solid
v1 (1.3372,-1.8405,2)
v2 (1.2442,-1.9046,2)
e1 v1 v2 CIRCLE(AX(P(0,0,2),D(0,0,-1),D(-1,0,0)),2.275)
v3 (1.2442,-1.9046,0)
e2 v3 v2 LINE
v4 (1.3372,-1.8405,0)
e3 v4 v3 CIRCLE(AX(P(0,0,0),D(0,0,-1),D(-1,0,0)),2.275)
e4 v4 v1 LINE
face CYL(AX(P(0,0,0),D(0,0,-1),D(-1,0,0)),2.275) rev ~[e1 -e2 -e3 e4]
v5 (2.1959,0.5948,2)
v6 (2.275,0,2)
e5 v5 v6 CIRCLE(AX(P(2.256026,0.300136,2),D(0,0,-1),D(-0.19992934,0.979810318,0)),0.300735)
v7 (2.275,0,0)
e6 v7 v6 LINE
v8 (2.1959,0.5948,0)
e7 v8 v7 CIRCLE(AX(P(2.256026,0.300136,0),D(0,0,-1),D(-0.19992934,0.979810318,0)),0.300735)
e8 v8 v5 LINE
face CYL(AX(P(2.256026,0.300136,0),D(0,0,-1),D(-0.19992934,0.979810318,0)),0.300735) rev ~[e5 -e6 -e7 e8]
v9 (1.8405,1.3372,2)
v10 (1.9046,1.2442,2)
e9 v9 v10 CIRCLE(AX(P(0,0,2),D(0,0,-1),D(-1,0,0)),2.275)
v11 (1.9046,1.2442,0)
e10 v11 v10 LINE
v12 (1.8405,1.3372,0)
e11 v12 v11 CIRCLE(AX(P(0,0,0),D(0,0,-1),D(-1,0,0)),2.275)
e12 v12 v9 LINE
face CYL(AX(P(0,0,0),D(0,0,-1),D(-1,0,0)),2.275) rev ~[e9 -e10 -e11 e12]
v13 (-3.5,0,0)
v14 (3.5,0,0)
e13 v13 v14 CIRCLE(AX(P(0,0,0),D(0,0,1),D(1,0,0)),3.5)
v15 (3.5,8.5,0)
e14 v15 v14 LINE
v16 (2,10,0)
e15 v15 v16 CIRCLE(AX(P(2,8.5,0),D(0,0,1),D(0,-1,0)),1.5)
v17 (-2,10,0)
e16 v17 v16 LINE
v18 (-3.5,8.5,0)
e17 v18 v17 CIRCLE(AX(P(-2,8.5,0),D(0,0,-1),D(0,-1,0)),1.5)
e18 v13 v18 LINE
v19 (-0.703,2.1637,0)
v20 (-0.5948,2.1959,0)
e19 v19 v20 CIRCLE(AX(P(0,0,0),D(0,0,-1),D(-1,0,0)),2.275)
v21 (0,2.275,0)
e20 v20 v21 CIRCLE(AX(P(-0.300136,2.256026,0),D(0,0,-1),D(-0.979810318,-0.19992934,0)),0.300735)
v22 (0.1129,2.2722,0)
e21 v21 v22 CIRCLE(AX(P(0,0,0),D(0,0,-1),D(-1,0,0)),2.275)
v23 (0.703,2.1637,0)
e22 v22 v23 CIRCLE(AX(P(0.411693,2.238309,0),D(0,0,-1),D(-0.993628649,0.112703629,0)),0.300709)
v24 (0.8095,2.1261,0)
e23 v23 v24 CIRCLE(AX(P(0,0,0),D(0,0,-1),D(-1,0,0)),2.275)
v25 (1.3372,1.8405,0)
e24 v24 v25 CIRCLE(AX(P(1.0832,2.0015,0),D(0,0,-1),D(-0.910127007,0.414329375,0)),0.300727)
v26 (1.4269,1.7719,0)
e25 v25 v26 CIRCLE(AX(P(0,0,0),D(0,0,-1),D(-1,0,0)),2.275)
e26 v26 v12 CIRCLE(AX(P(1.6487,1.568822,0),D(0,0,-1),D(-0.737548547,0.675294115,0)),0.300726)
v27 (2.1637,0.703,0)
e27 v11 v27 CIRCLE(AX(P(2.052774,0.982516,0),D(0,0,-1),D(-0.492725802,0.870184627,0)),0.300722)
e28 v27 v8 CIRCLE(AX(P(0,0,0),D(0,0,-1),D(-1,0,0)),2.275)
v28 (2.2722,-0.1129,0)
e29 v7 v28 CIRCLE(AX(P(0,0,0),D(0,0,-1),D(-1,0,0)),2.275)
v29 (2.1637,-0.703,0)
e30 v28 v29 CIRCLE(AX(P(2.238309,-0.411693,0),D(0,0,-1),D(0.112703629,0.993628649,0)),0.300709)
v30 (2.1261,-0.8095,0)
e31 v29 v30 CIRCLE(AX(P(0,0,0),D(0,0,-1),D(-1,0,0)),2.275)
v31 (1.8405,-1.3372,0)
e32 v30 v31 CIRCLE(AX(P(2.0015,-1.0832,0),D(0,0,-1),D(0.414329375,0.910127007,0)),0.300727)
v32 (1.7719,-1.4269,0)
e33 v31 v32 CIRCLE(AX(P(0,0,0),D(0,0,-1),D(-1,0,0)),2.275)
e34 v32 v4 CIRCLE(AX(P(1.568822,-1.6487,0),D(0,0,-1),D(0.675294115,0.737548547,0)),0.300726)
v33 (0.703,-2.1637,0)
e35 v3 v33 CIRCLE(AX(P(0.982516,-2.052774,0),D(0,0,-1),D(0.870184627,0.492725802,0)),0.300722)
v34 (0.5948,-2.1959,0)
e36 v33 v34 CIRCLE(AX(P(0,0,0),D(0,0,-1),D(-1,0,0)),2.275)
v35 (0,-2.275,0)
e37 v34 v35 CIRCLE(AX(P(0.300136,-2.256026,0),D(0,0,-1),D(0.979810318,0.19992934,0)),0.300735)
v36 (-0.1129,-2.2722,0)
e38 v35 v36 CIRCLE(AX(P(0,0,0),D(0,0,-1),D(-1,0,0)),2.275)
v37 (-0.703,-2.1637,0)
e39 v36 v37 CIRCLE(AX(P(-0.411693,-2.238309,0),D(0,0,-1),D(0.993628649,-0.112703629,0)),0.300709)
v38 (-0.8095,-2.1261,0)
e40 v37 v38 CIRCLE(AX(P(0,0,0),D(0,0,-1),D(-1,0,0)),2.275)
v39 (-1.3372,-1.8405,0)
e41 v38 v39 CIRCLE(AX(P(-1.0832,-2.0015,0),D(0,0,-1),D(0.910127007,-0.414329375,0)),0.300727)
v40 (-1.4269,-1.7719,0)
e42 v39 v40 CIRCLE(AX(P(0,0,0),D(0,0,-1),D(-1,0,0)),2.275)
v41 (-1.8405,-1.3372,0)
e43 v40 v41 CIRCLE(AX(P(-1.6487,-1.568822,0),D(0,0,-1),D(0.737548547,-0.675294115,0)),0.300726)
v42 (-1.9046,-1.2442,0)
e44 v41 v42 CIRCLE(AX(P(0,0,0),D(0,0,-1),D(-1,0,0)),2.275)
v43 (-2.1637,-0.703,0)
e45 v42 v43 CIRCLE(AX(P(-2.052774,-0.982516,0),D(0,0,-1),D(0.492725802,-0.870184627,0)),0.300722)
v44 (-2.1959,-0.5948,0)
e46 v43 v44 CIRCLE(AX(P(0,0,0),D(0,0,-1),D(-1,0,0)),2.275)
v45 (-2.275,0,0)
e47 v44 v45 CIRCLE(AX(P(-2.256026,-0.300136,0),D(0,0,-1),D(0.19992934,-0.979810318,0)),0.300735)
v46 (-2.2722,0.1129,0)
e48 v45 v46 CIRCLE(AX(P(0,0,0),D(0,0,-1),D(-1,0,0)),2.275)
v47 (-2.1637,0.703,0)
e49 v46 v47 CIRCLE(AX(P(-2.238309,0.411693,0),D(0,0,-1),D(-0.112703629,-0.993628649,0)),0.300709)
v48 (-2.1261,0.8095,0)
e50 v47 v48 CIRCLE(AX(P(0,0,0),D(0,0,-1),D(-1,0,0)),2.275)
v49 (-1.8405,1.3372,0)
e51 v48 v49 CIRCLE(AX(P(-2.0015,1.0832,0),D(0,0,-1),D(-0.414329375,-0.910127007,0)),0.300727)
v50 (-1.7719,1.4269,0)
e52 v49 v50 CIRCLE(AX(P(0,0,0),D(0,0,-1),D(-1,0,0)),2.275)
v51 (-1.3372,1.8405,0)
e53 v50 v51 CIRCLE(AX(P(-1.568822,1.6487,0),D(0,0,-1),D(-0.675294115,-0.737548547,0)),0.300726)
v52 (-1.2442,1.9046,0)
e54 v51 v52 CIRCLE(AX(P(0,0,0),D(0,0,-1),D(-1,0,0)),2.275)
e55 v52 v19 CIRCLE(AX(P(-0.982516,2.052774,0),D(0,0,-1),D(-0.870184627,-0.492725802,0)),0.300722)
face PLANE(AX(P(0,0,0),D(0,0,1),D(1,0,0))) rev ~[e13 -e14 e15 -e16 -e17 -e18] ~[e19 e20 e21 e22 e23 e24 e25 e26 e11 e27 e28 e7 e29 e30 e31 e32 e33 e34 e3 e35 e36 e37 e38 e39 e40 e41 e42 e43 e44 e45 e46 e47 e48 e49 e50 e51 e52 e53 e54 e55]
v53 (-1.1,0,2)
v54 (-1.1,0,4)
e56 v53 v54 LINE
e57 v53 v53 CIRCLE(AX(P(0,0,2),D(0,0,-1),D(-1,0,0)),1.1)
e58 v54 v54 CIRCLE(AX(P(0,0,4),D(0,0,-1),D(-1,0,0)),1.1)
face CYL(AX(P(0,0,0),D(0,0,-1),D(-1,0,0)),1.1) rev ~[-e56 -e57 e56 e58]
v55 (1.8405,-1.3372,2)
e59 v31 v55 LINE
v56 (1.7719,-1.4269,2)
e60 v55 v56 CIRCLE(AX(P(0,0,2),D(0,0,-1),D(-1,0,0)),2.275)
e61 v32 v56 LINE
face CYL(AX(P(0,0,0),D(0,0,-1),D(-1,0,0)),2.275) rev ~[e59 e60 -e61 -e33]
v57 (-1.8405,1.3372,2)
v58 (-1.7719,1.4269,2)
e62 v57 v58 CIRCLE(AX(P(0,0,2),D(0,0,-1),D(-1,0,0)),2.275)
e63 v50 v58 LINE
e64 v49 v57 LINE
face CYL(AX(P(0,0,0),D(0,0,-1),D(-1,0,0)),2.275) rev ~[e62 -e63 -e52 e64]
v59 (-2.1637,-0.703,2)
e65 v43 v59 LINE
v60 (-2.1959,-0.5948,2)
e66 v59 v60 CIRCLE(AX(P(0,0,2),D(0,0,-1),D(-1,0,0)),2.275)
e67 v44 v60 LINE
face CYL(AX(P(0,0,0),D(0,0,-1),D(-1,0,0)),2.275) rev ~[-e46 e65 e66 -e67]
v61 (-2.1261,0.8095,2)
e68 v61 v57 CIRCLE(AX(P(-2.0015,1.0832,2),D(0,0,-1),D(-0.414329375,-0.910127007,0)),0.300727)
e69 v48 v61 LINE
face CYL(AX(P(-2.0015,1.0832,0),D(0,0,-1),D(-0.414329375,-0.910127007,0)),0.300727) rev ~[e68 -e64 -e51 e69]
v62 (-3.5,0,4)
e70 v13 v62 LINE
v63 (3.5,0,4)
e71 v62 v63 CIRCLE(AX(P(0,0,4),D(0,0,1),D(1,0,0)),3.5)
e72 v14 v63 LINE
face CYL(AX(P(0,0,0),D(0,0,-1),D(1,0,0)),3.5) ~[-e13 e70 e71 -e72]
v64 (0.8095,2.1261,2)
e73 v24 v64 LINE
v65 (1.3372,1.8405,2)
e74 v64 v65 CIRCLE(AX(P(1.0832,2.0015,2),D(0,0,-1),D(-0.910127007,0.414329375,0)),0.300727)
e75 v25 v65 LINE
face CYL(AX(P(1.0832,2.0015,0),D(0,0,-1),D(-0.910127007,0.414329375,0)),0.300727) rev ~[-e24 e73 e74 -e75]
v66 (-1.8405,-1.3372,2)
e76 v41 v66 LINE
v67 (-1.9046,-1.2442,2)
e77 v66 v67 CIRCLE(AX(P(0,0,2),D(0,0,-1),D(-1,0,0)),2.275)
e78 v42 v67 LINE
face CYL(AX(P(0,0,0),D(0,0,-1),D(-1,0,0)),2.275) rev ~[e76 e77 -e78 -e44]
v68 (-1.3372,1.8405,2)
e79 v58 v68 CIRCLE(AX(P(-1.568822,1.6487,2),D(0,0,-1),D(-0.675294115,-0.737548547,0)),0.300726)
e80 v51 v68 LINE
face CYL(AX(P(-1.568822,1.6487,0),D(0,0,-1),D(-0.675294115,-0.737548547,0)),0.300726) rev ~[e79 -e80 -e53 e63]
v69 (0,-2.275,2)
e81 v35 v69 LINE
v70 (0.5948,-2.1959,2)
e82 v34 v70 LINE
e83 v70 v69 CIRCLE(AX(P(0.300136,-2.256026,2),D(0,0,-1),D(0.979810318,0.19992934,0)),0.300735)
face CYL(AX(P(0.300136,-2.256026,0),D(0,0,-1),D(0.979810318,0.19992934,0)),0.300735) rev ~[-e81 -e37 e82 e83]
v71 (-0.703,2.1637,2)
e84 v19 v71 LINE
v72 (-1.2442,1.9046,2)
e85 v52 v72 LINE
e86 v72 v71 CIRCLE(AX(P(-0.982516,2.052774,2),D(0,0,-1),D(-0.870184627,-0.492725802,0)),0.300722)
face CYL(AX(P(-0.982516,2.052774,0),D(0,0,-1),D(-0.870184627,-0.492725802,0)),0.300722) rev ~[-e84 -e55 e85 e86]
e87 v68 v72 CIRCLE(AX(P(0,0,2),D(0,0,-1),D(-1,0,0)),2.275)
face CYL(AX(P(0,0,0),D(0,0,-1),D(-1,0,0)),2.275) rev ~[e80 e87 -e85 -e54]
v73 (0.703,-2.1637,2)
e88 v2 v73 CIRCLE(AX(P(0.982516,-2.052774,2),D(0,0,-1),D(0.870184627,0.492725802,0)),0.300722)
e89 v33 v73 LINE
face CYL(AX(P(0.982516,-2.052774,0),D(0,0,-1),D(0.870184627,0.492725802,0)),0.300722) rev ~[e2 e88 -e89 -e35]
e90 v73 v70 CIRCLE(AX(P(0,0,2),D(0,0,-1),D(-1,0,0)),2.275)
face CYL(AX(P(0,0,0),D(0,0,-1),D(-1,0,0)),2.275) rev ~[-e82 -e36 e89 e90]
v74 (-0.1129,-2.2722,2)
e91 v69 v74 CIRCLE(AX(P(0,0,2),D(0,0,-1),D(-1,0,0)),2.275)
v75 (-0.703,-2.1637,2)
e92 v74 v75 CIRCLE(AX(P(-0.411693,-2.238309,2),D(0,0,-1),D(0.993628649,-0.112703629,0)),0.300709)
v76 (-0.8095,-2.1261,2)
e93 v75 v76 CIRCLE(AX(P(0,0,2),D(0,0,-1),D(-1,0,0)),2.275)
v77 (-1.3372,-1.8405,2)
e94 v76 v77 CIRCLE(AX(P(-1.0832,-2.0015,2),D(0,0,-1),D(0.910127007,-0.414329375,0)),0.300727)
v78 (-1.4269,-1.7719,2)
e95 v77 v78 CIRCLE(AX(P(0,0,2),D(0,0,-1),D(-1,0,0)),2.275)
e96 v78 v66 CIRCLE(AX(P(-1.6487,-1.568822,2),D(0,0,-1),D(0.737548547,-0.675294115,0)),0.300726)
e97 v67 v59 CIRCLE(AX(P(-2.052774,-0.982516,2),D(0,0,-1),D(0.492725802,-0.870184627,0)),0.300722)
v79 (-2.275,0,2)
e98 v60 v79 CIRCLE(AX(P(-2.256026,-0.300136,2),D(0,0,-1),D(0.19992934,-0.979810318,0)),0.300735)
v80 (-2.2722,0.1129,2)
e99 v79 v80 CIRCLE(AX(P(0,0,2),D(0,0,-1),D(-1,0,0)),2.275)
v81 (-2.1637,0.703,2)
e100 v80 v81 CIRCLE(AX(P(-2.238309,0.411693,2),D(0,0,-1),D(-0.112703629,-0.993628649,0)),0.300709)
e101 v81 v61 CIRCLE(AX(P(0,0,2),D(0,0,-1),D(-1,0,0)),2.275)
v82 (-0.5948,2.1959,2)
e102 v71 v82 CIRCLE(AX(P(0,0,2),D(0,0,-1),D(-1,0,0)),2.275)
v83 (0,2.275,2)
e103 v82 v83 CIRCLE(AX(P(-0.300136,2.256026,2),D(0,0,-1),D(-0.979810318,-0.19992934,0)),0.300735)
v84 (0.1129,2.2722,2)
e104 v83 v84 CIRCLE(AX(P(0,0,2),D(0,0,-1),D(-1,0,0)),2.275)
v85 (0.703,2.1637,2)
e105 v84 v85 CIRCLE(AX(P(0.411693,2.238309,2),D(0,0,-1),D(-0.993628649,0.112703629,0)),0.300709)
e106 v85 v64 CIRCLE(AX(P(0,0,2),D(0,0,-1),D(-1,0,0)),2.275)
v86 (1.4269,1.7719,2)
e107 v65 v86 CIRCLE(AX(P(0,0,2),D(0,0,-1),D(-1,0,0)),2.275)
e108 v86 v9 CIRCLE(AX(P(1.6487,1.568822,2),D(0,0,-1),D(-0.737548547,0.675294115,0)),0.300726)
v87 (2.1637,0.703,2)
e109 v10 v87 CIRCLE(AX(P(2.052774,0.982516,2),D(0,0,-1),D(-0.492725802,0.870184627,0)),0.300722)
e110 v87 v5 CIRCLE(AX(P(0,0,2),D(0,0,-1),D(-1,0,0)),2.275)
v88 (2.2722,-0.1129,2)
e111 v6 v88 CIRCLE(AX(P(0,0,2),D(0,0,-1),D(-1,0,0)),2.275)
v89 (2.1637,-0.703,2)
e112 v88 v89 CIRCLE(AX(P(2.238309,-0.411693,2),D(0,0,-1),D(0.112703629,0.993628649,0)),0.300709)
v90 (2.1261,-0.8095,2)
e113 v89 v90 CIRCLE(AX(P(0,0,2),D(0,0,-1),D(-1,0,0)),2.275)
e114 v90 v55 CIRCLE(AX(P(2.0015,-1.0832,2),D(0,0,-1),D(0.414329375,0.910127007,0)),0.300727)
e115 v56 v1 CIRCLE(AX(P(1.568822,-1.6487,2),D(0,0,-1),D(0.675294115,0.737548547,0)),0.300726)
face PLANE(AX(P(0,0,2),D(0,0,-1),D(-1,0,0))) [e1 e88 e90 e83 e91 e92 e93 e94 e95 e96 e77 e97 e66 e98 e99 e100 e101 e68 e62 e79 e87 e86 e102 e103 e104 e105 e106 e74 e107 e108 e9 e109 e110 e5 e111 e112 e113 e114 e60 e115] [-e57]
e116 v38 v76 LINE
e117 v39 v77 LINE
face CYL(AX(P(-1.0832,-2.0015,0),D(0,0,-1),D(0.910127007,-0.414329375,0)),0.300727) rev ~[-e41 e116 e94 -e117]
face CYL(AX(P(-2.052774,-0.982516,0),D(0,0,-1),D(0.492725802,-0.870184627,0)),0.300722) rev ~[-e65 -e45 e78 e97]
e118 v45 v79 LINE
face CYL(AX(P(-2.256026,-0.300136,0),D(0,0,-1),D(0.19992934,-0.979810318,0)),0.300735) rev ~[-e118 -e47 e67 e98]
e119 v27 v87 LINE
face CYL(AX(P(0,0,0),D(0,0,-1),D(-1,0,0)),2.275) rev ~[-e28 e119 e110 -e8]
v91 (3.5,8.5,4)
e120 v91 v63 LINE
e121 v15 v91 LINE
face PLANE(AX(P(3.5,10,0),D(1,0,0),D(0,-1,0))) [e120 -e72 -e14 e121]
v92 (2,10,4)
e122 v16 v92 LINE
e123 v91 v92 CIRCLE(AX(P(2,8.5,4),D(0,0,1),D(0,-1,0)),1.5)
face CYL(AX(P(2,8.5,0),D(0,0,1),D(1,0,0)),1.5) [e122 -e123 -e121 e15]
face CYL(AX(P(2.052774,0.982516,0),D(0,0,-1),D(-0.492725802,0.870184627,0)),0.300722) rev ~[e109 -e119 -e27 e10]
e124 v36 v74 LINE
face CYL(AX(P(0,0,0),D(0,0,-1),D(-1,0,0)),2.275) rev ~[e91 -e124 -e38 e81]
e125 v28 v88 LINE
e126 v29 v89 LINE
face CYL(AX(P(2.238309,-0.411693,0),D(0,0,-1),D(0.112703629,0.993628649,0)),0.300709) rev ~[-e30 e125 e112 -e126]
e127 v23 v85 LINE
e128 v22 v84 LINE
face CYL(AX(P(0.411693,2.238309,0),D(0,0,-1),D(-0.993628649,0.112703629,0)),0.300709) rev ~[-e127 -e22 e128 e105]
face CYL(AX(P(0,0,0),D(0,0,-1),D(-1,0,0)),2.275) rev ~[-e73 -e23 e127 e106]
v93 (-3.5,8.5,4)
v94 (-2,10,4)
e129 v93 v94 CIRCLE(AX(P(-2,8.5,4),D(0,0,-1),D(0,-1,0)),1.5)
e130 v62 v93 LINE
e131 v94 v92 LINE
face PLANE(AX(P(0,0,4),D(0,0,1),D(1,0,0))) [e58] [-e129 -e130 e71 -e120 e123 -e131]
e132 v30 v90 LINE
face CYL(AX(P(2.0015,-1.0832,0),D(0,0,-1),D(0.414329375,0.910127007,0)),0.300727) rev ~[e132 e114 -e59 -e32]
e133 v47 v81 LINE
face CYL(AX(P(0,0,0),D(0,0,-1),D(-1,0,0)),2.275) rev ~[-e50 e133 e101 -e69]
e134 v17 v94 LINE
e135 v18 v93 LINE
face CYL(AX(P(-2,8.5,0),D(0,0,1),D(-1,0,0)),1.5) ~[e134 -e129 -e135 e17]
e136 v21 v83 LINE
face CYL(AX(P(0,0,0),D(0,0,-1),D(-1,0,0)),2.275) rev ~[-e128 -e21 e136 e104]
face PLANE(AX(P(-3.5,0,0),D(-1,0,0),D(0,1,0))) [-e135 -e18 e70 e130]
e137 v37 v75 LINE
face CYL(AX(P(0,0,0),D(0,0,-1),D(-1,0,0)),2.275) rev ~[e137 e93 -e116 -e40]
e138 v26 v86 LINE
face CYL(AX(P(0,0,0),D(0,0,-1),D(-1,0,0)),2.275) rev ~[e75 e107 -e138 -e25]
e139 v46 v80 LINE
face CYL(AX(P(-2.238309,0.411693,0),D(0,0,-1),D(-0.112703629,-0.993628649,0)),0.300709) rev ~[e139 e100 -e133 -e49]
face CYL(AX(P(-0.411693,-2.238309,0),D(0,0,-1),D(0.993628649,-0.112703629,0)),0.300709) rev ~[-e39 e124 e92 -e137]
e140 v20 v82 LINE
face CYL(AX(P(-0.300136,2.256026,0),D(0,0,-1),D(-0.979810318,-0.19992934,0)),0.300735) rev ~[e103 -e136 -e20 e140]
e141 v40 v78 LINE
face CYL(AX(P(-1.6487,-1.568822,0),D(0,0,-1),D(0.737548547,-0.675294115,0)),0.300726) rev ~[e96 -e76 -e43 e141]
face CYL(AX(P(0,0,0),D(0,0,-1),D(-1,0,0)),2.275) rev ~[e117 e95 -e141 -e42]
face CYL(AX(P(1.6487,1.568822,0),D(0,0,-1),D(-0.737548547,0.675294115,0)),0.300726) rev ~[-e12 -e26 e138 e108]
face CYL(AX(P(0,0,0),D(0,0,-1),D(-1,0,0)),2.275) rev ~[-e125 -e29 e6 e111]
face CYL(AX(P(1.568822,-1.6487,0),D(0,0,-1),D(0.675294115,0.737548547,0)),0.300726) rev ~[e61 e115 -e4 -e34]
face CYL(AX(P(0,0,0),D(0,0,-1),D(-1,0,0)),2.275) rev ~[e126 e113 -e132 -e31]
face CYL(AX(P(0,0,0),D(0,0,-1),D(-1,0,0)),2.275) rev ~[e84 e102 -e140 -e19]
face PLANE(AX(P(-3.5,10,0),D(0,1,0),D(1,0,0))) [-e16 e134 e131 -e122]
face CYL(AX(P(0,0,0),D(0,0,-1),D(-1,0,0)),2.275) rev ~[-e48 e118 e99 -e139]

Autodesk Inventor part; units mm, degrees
ref_plane "YZ Plane" through (0, 0, 0) normal (1, 0, 0) x (0, 1, 0)
ref_plane "XZ Plane" through (0, 0, 0) normal (0, 1, 0) x (-1, 0, 0)
ref_plane "XY Plane" through (0, 0, 0) normal (0, 0, 1) x (1, 0, 0)
sketch "Sketch1 - base" plane through (0, 0, 0) normal (0, 0, 1) x (1, 0, 0)
  circle A0 centre (0, 0) radius 3.5
  line L0 (-3.5, 0) -> (-3.5, 10)
  line L1 (-3.5, 10) -> (3.5, 10)
  line L2 (3.5, 10) -> (3.5, 0)
  dimension "d0" = 7
  dimension "d1" = 10
extrude "Extrusion1" add sketch "Sketch1 - base" along normal blind 4
sketch "Sketch2 - axle_hole" plane through (0, 0, 0) normal (0, 0, -1) x (-1, 0, 0)
  circle A0 centre (0, 0) radius 2.275
  arc A1 (-2.1959, 0.5948) -> (-2.275, 0) centre (-2.256, 0.3001) ccw
  line L0 (-2.256, 0.3001) -> (-2.5544, 0.3398) construction
  arc A2 (-2.2722, -0.1129) -> (-2.1637, -0.703) centre (-2.2383, -0.4117) ccw
  arc A3 (-2.1261, -0.8095) -> (-1.8405, -1.3372) centre (-2.0015, -1.0832) ccw
  arc A4 (-1.7719, -1.4269) -> (-1.3372, -1.8405) centre (-1.5688, -1.6487) ccw
  arc A5 (-1.2442, -1.9046) -> (-0.703, -2.1637) centre (-0.9826, -2.0528) ccw
  arc A6 (-0.5948, -2.1959) -> (0, -2.275) centre (-0.3001, -2.256) ccw
  arc A7 (0.1129, -2.2722) -> (0.703, -2.1637) centre (0.4117, -2.2383) ccw
  arc A8 (0.8095, -2.1261) -> (1.3372, -1.8405) centre (1.0832, -2.0015) ccw
  arc A9 (1.4269, -1.7719) -> (1.8405, -1.3372) centre (1.6487, -1.5688) ccw
  arc A10 (1.9046, -1.2442) -> (2.1637, -0.703) centre (2.0528, -0.9826) ccw
  arc A11 (2.1959, -0.5948) -> (2.275, 0) centre (2.256, -0.3001) ccw
  arc A12 (2.2722, 0.1129) -> (2.1637, 0.703) centre (2.2383, 0.4117) ccw
  arc A13 (2.1261, 0.8095) -> (1.8405, 1.3372) centre (2.0015, 1.0832) ccw
  arc A14 (1.7719, 1.4269) -> (1.3372, 1.8405) centre (1.5688, 1.6487) ccw
  arc A15 (1.2442, 1.9046) -> (0.703, 2.1637) centre (0.9826, 2.0528) ccw
  arc A16 (0.5948, 2.1959) -> (0, 2.275) centre (0.3001, 2.256) ccw
  arc A17 (-0.1129, 2.2722) -> (-0.703, 2.1637) centre (-0.4117, 2.2383) ccw
  arc A18 (-0.8095, 2.1261) -> (-1.3372, 1.8405) centre (-1.0832, 2.0015) ccw
  arc A19 (-1.4269, 1.7719) -> (-1.8405, 1.3372) centre (-1.6487, 1.5688) ccw
  arc A20 (-1.9046, 1.2442) -> (-2.1637, 0.703) centre (-2.0528, 0.9826) ccw
  point P0 (-2.2722, -0.1129)
  point P1 (-2.1261, -0.8095)
  point P2 (-1.8405, -1.3372)
  point P3 (-1.3372, -1.8405)
  point P4 (-1.2442, -1.9046)
  point P5 (-0.5948, -2.1959)
  point P6 (0, -2.275)
  point P7 (0.1129, -2.2722)
  point P8 (0.8095, -2.1261)
  point P9 (1.3372, -1.8405)
  point P10 (1.4269, -1.7719)
  point P11 (1.8405, -1.3372)
  point P12 (1.9046, -1.2442)
  point P13 (2.1637, -0.703)
  point P14 (2.1959, -0.5948)
  point P15 (2.275, 0)
  point P16 (2.2722, 0.1129)
  point P17 (2.1637, 0.703)
  point P18 (2.1261, 0.8095)
  point P19 (1.8405, 1.3372)
  point P20 (1.7719, 1.4269)
  point P21 (1.3372, 1.8405)
  point P22 (1.2442, 1.9046)
  point P23 (0.703, 2.1637)
  point P24 (0.5948, 2.1959)
  point P25 (0, 2.275)
  point P26 (-0.1129, 2.2722)
  point P27 (-0.703, 2.1637)
  point P28 (-0.8095, 2.1261)
  point P29 (-1.3372, 1.8405)
  point P30 (-1.4269, 1.7719)
  point P31 (-1.8405, 1.3372)
  point P32 (-1.9046, 1.2442)
  point P33 (-2.1637, 0.703)
  dimension "d4" = 4.55
  dimension "d16" = 0.6
  dimension "d17" = 0.301
  dimension "d20" = 360
extrude "Extrusion2" cut sketch "Sketch2 - axle_hole" against normal blind 2
sketch "Sketch3 - screw_hole" plane through (0, 0, 0) normal (0, 0, -1) x (-1, 0, 0)
  circle A0 centre (0, 0) radius 1.1
  dimension "d12" = 2.2
extrude "Extrusion3" cut sketch "Sketch3 - screw_hole" against normal blind 4
fillet "Fillet1" radius 1.5 2 edges at (3.5, 10, 2) (-3.5, 10, 2)
properties part number "Motor Axle Fitting Test"
